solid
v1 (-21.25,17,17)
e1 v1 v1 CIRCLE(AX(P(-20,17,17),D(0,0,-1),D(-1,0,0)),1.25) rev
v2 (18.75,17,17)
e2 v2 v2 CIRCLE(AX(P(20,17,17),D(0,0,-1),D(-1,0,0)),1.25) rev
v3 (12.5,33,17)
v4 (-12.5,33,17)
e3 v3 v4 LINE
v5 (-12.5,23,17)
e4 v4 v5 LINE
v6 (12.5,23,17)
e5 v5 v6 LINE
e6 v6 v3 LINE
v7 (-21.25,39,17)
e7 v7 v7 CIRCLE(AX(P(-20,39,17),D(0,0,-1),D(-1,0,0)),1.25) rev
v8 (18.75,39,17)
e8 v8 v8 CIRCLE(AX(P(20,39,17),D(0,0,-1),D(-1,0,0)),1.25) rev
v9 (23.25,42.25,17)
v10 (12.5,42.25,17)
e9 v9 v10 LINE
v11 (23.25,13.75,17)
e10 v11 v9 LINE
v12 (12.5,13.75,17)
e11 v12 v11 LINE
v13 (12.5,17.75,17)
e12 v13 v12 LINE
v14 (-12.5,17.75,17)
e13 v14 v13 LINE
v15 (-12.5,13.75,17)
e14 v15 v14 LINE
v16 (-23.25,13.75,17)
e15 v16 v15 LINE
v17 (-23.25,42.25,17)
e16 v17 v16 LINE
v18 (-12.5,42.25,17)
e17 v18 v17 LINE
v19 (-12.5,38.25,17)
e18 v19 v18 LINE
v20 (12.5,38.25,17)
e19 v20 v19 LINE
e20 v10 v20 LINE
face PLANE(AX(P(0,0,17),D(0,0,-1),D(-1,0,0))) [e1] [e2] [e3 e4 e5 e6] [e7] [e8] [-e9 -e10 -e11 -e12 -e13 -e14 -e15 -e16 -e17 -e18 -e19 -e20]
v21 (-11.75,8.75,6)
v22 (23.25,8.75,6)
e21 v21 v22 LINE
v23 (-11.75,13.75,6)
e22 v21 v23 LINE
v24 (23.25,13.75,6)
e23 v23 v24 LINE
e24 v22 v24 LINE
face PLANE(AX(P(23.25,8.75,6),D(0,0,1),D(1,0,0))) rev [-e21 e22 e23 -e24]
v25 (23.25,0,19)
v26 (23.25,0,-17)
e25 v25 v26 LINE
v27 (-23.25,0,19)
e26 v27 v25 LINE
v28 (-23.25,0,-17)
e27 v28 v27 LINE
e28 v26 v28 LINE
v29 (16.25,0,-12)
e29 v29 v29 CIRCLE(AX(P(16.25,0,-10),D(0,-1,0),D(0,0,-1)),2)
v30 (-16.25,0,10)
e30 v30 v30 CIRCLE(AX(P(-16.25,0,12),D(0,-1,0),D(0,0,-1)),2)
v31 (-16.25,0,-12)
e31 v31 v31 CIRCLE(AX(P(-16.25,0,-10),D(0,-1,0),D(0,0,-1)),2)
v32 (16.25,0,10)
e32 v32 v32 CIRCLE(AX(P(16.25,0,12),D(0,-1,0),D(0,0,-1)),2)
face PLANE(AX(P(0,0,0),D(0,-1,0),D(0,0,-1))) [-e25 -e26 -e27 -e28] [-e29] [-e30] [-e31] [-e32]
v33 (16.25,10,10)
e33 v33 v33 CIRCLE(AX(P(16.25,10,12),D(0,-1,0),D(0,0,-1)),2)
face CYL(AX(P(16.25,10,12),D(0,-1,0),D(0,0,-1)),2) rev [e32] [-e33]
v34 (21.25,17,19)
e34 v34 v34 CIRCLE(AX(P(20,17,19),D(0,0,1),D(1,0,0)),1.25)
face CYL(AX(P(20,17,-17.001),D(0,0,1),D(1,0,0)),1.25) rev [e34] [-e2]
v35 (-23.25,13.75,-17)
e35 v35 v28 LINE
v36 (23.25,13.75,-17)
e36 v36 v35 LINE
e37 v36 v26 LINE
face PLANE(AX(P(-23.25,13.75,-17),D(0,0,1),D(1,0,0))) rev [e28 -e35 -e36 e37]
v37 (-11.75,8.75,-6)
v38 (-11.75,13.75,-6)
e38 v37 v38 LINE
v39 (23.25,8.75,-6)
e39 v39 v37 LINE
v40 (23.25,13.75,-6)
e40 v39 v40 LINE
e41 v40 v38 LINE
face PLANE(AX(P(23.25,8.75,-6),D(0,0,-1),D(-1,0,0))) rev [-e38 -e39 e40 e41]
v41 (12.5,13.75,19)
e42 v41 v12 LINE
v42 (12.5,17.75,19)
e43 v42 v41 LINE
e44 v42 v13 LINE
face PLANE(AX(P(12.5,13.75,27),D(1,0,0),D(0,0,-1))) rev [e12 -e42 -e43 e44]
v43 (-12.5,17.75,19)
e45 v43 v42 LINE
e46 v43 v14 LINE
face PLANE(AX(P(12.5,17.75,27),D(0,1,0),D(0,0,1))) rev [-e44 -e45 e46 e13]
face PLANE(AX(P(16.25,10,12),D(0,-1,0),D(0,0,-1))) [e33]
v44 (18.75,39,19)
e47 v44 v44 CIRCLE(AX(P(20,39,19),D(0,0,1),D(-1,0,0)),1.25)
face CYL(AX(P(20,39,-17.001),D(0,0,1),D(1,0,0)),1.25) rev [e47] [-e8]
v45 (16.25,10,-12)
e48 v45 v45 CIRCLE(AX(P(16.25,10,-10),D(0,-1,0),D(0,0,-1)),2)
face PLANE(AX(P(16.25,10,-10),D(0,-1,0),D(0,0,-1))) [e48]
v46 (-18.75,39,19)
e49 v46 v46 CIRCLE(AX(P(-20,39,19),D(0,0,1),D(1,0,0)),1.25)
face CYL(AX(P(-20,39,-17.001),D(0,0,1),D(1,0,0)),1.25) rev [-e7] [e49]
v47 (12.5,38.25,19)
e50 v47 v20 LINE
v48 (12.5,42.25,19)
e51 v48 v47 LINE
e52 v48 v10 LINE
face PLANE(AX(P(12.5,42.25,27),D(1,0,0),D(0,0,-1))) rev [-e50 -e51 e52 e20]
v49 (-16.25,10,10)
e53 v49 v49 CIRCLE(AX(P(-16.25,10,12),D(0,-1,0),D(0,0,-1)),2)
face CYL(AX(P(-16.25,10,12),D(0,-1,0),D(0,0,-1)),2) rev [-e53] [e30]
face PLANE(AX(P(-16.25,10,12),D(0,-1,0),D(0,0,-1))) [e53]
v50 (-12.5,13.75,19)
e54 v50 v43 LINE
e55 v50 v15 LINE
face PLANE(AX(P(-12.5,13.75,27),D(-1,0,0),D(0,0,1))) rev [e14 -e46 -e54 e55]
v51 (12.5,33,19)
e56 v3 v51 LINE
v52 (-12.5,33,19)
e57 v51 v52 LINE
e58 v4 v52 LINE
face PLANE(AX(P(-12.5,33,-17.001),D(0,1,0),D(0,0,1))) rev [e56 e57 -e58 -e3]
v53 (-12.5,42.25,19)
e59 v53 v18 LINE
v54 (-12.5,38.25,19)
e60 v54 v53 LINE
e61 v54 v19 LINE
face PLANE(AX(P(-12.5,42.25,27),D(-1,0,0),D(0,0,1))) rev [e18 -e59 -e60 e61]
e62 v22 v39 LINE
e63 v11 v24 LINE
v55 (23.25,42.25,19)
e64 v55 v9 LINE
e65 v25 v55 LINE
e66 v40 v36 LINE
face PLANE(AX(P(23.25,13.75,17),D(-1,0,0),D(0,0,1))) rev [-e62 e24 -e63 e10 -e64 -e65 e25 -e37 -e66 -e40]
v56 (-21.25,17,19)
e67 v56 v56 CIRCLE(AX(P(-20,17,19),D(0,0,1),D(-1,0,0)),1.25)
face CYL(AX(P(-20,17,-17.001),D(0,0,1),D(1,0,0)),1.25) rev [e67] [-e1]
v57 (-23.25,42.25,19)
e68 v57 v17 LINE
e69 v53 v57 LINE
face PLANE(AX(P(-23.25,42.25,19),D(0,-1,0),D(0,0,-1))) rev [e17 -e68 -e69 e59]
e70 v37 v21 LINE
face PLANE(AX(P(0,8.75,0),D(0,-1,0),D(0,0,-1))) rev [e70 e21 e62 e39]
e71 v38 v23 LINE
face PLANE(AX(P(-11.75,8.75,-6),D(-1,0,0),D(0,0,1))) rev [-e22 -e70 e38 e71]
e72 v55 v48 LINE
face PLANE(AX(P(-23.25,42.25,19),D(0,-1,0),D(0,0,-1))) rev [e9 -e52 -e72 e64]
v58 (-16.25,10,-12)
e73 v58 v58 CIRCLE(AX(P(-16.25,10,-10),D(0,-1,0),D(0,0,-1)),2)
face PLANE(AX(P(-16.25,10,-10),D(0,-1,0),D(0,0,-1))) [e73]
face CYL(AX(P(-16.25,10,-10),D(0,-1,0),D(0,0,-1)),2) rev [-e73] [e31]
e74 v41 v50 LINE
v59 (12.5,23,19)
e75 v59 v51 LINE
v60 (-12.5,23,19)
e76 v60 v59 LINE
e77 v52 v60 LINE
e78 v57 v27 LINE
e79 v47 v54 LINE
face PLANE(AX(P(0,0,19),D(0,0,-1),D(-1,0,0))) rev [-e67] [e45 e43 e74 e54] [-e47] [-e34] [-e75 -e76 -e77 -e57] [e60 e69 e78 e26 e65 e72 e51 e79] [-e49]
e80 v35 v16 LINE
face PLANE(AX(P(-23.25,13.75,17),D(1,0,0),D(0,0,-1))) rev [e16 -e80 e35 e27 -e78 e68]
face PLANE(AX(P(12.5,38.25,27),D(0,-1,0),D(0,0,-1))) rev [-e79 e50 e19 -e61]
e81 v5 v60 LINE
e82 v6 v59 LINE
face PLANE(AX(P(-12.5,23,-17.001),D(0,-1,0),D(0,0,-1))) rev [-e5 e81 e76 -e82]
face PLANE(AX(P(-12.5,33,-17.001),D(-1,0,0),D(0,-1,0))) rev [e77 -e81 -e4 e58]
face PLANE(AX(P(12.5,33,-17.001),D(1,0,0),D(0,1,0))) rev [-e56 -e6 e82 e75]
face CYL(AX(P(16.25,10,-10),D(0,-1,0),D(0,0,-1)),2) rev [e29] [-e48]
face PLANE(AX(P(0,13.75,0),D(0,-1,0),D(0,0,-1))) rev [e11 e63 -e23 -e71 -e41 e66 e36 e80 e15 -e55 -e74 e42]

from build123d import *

# Parameters (mm, degrees)
SKETCH1_W           = 46.5
SKETCH1_H           = 34
BOSS_EXTRUDE1_DEPTH = 13.75
SKETCH2_W           = 46.5
SKETCH2_H           = 42.25
BOSS_EXTRUDE2_DEPTH = 2
CUT_EXTRUDE1_REACH  = 62.18
SKETCH3_R           = 1.25
SKETCH3_W           = 25
SKETCH3_H           = 10
SKETCH4_W           = 35
SKETCH4_H           = 12
CUT_EXTRUDE2_DEPTH  = 5
SKETCH6_R           = 2
CUT_EXTRUDE3_DEPTH  = 10
SKETCH7_W           = 25
SKETCH7_H           = 4
CUT_EXTRUDE4_DEPTH  = 10


with BuildPart() as part:
    # Sketch1 → Boss-Extrude1 (new body)
    with BuildSketch(Plane(origin=(0, 0, 0), x_dir=(1, 0, 0), z_dir=(0, 1, 0))):
        Rectangle(SKETCH1_W, SKETCH1_H)
    extrude(amount=BOSS_EXTRUDE1_DEPTH)

    # Sketch2 → Boss-Extrude2 (add)
    with BuildSketch(Plane.XY.offset(17)):
        with Locations((0, 21.125)):
            Rectangle(SKETCH2_W, SKETCH2_H)
    extrude(amount=BOSS_EXTRUDE2_DEPTH)

    # Sketch3 → Cut-Extrude1 (cut, up to next)
    with BuildSketch(Plane.XY.offset(19), mode=Mode.PRIVATE) as cut_extrude1_sk1:
        with Locations((-20, 39)):
            Circle(SKETCH3_R)
    cut_extrude1_tool1 = extrude(cut_extrude1_sk1.sketch, amount=-CUT_EXTRUDE1_REACH, mode=Mode.PRIVATE) & part.part
    # Sketch3 → Cut-Extrude1 (cut, up to next)
    with BuildSketch(Plane.XY.offset(19), mode=Mode.PRIVATE) as cut_extrude1_sk2:
        with Locations(Location((20, 39, 0), (0, 0, 180))):
            Circle(SKETCH3_R)
    cut_extrude1_tool2 = extrude(cut_extrude1_sk2.sketch, amount=-CUT_EXTRUDE1_REACH, mode=Mode.PRIVATE) & part.part
    # Sketch3 → Cut-Extrude1 (cut, up to next)
    with BuildSketch(Plane.XY.offset(19), mode=Mode.PRIVATE) as cut_extrude1_sk3:
        with Locations((20, 17)):
            Circle(SKETCH3_R)
    cut_extrude1_tool3 = extrude(cut_extrude1_sk3.sketch, amount=-CUT_EXTRUDE1_REACH, mode=Mode.PRIVATE) & part.part
    # Sketch3 → Cut-Extrude1 (cut, up to next)
    with BuildSketch(Plane.XY.offset(19), mode=Mode.PRIVATE) as cut_extrude1_sk4:
        with Locations(Location((-20, 17, 0), (0, 0, 180))):
            Circle(SKETCH3_R)
    cut_extrude1_tool4 = extrude(cut_extrude1_sk4.sketch, amount=-CUT_EXTRUDE1_REACH, mode=Mode.PRIVATE) & part.part
    # Sketch3 → Cut-Extrude1 (cut, up to next)
    with BuildSketch(Plane.XY.offset(19), mode=Mode.PRIVATE) as cut_extrude1_sk5:
        with Locations((0, 28)):
            Rectangle(SKETCH3_W, SKETCH3_H)
    cut_extrude1_tool5 = extrude(cut_extrude1_sk5.sketch, amount=-CUT_EXTRUDE1_REACH, mode=Mode.PRIVATE) & part.part
    add(cut_extrude1_tool1.solids().sort_by_distance((-20, 39, 19))[0], mode=Mode.SUBTRACT)
    add(cut_extrude1_tool2.solids().sort_by_distance((20, 39, 19))[0], mode=Mode.SUBTRACT)
    add(cut_extrude1_tool3.solids().sort_by_distance((20, 17, 19))[0], mode=Mode.SUBTRACT)
    add(cut_extrude1_tool4.solids().sort_by_distance((-20, 17, 19))[0], mode=Mode.SUBTRACT)
    add(cut_extrude1_tool5.solids().sort_by_distance((0, 28, 19))[0], mode=Mode.SUBTRACT)

    # Sketch4 → Cut-Extrude2 (cut)
    with BuildSketch(Plane(origin=(0, 13.75, 0), x_dir=(1, 0, 0), z_dir=(0, 1, 0))):
        with Locations((5.75, 0)):
            Rectangle(SKETCH4_W, SKETCH4_H)
    extrude(amount=-CUT_EXTRUDE2_DEPTH, mode=Mode.SUBTRACT)

    # Sketch6 → Cut-Extrude3 (cut)
    with BuildSketch(Plane.XZ):
        with Locations(Location((16.25, -10, 0), (0, 0, 270))):
            Circle(SKETCH6_R)
        with Locations(Location((16.25, 12, 0), (0, 0, 270))):
            Circle(SKETCH6_R)
        with Locations(Location((-16.25, -10, 0), (0, 0, 270))):
            Circle(SKETCH6_R)
        with Locations(Location((-16.25, 12, 0), (0, 0, 270))):
            Circle(SKETCH6_R)
    extrude(amount=-CUT_EXTRUDE3_DEPTH, mode=Mode.SUBTRACT)

    # Sketch7 → Cut-Extrude4 (cut)
    with BuildSketch(Plane(origin=(0, 0, 17), x_dir=(-1, 0, 0), z_dir=(0, 0, -1))):
        with Locations((0, 15.75)):
            Rectangle(SKETCH7_W, SKETCH7_H)
        with Locations((0, 40.25)):
            Rectangle(SKETCH7_W, SKETCH7_H)
    extrude(amount=-CUT_EXTRUDE4_DEPTH, mode=Mode.SUBTRACT)


solid = part.part
